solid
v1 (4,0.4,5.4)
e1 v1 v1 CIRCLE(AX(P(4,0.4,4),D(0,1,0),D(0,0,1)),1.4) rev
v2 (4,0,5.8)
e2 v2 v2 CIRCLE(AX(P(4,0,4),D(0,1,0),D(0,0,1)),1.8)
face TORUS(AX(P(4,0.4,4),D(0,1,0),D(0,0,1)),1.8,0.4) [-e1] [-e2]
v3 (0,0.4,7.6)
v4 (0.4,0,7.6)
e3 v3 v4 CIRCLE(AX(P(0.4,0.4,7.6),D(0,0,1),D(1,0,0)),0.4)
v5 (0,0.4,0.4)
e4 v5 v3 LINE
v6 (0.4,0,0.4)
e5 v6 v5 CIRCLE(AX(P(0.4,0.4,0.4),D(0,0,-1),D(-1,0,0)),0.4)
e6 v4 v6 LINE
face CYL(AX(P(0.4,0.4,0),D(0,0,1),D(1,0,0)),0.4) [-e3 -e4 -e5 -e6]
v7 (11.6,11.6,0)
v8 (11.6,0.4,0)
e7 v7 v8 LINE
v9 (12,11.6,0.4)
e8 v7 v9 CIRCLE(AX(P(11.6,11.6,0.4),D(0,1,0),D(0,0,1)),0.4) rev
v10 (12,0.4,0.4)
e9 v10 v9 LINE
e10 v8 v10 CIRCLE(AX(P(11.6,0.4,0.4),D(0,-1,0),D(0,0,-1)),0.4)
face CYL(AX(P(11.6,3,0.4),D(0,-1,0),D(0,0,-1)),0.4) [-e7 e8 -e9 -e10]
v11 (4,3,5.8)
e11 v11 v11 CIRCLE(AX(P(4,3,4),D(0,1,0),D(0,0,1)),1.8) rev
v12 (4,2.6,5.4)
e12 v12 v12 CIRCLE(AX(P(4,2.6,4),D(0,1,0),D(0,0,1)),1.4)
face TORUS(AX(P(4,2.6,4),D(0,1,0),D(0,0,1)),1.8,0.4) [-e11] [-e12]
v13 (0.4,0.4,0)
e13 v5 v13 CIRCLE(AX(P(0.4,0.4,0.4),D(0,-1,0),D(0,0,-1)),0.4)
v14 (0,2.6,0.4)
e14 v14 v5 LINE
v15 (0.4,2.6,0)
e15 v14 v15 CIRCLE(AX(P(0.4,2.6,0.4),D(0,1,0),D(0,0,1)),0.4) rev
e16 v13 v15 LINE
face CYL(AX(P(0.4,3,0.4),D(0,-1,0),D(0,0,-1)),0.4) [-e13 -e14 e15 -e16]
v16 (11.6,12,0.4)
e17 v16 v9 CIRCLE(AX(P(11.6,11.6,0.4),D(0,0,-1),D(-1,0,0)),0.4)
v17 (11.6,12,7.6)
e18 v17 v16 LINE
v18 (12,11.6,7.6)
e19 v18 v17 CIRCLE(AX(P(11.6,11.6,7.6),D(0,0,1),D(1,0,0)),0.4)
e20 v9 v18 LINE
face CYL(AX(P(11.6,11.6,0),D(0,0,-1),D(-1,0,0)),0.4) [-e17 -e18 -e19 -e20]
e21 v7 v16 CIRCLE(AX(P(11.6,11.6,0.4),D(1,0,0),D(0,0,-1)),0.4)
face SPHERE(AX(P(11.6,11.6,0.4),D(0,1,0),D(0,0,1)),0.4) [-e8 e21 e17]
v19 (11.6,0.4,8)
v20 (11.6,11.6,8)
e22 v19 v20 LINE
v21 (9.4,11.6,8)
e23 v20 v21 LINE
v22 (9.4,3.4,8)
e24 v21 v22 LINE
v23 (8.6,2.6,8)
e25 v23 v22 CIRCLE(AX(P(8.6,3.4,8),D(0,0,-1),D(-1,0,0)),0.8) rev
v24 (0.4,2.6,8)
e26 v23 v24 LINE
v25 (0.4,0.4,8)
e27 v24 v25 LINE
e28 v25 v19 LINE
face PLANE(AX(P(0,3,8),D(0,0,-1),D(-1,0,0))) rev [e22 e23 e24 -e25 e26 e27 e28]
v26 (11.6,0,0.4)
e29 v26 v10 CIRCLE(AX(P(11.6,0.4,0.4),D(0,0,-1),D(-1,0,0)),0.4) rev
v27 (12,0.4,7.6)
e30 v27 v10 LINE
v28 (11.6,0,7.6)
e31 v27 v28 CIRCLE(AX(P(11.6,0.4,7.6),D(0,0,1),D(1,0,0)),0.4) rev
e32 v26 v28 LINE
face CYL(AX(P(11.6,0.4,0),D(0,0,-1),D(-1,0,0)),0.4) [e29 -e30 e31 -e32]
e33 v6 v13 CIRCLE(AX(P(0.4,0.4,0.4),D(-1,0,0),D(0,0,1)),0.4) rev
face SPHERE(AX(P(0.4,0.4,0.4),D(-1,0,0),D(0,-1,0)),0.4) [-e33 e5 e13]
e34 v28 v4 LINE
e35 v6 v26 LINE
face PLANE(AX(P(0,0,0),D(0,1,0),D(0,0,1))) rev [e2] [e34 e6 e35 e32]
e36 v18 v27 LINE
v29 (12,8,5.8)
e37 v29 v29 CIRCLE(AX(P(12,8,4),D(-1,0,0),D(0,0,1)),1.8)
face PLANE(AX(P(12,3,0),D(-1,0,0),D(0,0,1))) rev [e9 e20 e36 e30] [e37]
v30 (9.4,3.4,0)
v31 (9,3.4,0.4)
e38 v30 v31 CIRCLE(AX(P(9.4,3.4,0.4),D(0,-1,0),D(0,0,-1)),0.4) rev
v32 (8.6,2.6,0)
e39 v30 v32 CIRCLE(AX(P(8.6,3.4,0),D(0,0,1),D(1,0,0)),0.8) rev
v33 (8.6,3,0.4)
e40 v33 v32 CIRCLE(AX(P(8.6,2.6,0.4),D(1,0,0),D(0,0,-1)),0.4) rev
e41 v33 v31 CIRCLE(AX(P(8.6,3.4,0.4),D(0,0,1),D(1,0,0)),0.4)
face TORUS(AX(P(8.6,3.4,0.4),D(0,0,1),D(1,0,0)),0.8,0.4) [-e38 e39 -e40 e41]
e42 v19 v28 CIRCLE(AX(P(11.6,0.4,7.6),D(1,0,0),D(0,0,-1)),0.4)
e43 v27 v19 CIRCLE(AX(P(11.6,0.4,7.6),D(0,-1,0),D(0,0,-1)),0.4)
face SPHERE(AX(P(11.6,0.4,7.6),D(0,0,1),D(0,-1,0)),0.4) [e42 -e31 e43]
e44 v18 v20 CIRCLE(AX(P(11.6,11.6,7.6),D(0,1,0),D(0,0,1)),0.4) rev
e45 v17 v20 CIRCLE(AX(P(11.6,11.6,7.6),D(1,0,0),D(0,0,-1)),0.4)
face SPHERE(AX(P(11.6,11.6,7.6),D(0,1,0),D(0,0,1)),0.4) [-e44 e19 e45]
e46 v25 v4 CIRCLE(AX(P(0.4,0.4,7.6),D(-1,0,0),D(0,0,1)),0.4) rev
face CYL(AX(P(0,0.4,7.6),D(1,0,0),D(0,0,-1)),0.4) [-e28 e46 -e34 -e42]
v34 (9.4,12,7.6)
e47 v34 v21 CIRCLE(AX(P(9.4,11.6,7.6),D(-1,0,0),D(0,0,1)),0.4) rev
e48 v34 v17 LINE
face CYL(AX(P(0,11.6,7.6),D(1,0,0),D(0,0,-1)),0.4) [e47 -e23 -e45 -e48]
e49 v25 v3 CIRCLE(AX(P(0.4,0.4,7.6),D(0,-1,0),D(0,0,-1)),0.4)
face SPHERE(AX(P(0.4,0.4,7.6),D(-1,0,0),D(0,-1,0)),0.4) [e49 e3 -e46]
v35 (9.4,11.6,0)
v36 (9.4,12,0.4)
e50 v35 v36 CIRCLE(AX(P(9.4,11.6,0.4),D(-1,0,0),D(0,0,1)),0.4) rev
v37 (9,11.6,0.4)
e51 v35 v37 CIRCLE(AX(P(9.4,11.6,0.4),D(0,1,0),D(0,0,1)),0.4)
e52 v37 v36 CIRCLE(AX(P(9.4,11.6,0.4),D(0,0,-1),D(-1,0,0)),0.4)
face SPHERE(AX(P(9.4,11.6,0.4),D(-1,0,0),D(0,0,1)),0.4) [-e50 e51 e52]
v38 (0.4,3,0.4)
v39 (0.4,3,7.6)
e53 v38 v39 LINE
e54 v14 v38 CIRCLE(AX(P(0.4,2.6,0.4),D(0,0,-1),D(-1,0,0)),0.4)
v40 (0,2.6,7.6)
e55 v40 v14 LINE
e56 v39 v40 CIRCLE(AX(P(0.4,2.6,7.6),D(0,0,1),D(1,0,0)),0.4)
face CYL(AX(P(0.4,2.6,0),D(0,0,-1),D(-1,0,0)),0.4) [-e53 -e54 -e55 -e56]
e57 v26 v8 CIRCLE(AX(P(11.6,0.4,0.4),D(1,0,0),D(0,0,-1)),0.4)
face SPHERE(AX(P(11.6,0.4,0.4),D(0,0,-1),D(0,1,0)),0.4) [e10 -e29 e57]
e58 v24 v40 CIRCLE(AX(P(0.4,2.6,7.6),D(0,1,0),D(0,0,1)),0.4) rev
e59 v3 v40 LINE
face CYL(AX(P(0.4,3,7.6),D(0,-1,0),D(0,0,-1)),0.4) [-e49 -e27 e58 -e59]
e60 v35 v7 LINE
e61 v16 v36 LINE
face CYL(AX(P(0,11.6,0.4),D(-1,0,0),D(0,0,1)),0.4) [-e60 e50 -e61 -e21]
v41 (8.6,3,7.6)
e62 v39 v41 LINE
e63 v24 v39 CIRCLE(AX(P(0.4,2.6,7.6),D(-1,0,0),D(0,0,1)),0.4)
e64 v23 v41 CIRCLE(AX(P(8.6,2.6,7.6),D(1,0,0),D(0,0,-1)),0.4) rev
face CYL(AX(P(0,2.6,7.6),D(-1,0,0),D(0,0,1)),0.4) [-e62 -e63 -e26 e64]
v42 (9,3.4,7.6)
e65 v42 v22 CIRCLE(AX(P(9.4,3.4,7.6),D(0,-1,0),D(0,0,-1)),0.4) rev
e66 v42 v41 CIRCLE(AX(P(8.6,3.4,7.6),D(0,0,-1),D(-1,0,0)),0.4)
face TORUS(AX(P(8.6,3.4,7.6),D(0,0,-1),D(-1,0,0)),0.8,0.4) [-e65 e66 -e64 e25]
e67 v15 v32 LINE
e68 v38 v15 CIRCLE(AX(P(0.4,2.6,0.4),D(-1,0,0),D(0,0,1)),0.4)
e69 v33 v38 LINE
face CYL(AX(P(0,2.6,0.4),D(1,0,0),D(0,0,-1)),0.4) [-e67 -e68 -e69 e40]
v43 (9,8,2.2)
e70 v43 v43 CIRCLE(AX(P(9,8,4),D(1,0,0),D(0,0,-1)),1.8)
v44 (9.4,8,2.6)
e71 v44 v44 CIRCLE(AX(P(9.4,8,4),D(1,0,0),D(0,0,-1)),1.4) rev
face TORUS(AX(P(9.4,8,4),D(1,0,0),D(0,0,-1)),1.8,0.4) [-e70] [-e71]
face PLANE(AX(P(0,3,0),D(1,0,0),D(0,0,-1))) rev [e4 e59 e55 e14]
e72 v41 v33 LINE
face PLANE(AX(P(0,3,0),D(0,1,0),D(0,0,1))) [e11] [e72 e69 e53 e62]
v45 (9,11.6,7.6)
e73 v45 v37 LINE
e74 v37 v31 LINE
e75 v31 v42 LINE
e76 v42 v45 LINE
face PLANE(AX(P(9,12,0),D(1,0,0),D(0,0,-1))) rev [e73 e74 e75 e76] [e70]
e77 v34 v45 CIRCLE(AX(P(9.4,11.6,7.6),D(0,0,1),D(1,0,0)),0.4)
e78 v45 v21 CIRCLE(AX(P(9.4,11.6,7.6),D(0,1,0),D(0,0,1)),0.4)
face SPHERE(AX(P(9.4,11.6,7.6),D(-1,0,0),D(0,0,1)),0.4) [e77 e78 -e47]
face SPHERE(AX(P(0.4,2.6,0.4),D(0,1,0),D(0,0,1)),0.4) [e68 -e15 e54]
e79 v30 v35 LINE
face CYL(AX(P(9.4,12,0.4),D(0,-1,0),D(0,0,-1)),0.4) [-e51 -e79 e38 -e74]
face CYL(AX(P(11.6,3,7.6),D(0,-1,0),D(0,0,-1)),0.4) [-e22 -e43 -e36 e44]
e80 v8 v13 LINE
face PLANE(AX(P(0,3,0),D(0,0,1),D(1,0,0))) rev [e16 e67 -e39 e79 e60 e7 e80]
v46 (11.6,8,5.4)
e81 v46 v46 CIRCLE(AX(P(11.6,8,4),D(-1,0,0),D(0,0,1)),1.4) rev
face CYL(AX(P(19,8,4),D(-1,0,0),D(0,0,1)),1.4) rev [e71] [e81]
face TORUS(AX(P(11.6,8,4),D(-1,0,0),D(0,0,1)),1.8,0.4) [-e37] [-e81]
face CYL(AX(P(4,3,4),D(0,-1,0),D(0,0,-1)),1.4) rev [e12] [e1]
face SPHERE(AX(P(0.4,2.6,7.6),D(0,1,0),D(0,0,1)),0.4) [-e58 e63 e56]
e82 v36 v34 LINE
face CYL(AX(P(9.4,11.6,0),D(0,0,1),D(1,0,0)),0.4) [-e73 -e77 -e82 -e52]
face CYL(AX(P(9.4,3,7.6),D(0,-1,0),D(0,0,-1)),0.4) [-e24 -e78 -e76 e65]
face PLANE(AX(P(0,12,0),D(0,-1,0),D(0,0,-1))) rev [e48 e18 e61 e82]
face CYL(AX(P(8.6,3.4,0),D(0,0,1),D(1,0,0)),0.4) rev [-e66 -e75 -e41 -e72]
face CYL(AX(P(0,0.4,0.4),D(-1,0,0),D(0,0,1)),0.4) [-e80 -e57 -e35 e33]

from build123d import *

# Parameters (mm, degrees)
SKETCH1_W           = 12
SKETCH1_H           = 8
SKETCH1_R           = 1.4
BOSS_EXTRUDE1_DEPTH = 3
SKETCH2_W           = 3
SKETCH2_H           = 8
BOSS_EXTRUDE2_DEPTH = 9
SKETCH3_R           = 1.4
CUT_EXTRUDE1_DEPTH  = 10
FILLET1_R           = 0.4


with BuildPart() as part:
    # Sketch1 → Boss-Extrude1 (new body)
    with BuildSketch(Plane(origin=(0, 0, 0), x_dir=(1, 0, 0), z_dir=(0, 1, 0))):
        with Locations((6, -4)):
            Rectangle(SKETCH1_W, SKETCH1_H)
        with Locations(Location((4, -4, 0), (0, 0, 270))):
            Circle(SKETCH1_R, mode=Mode.SUBTRACT)
    extrude(amount=BOSS_EXTRUDE1_DEPTH)

    # Sketch2 → Boss-Extrude2 (add)
    with BuildSketch(Plane(origin=(0, 3, 0), x_dir=(1, 0, 0), z_dir=(0, 1, 0))):
        with Locations((10.5, -4)):
            Rectangle(SKETCH2_W, SKETCH2_H)
    extrude(amount=BOSS_EXTRUDE2_DEPTH)

    # Sketch3 → Cut-Extrude1 (cut)
    with BuildSketch(Plane.ZY.offset(-9)):
        with Locations((4, 8)):
            Circle(SKETCH3_R)
    extrude(amount=-CUT_EXTRUDE1_DEPTH, mode=Mode.SUBTRACT)

    # Fillet1
    fillet1_edges = [part.edges().sort_by_distance(p)[0] for p in [
        (4, 0, 2.6),
        (4, 3, 2.6),
        (4.5, 3, 0),
        (9, 3, 4),
        (9, 7.5, 0),
        (9, 7.5, 8),
        (12, 12, 4),
        (10.5, 12, 0),
        (9, 12, 4),
        (10.5, 12, 8),
        (12, 8, 2.6),
        (9, 8, 2.6),
        (0, 3, 4),
        (6, 0, 0),
        (12, 0, 4),
        (6, 0, 8),
        (0, 0, 4),
        (0, 1.5, 0),
        (12, 6, 0),
        (12, 6, 8),
        (0, 1.5, 8),
        (4.5, 3, 8),
    ]]
    fillet(fillet1_edges, radius=FILLET1_R)


solid = part.part
